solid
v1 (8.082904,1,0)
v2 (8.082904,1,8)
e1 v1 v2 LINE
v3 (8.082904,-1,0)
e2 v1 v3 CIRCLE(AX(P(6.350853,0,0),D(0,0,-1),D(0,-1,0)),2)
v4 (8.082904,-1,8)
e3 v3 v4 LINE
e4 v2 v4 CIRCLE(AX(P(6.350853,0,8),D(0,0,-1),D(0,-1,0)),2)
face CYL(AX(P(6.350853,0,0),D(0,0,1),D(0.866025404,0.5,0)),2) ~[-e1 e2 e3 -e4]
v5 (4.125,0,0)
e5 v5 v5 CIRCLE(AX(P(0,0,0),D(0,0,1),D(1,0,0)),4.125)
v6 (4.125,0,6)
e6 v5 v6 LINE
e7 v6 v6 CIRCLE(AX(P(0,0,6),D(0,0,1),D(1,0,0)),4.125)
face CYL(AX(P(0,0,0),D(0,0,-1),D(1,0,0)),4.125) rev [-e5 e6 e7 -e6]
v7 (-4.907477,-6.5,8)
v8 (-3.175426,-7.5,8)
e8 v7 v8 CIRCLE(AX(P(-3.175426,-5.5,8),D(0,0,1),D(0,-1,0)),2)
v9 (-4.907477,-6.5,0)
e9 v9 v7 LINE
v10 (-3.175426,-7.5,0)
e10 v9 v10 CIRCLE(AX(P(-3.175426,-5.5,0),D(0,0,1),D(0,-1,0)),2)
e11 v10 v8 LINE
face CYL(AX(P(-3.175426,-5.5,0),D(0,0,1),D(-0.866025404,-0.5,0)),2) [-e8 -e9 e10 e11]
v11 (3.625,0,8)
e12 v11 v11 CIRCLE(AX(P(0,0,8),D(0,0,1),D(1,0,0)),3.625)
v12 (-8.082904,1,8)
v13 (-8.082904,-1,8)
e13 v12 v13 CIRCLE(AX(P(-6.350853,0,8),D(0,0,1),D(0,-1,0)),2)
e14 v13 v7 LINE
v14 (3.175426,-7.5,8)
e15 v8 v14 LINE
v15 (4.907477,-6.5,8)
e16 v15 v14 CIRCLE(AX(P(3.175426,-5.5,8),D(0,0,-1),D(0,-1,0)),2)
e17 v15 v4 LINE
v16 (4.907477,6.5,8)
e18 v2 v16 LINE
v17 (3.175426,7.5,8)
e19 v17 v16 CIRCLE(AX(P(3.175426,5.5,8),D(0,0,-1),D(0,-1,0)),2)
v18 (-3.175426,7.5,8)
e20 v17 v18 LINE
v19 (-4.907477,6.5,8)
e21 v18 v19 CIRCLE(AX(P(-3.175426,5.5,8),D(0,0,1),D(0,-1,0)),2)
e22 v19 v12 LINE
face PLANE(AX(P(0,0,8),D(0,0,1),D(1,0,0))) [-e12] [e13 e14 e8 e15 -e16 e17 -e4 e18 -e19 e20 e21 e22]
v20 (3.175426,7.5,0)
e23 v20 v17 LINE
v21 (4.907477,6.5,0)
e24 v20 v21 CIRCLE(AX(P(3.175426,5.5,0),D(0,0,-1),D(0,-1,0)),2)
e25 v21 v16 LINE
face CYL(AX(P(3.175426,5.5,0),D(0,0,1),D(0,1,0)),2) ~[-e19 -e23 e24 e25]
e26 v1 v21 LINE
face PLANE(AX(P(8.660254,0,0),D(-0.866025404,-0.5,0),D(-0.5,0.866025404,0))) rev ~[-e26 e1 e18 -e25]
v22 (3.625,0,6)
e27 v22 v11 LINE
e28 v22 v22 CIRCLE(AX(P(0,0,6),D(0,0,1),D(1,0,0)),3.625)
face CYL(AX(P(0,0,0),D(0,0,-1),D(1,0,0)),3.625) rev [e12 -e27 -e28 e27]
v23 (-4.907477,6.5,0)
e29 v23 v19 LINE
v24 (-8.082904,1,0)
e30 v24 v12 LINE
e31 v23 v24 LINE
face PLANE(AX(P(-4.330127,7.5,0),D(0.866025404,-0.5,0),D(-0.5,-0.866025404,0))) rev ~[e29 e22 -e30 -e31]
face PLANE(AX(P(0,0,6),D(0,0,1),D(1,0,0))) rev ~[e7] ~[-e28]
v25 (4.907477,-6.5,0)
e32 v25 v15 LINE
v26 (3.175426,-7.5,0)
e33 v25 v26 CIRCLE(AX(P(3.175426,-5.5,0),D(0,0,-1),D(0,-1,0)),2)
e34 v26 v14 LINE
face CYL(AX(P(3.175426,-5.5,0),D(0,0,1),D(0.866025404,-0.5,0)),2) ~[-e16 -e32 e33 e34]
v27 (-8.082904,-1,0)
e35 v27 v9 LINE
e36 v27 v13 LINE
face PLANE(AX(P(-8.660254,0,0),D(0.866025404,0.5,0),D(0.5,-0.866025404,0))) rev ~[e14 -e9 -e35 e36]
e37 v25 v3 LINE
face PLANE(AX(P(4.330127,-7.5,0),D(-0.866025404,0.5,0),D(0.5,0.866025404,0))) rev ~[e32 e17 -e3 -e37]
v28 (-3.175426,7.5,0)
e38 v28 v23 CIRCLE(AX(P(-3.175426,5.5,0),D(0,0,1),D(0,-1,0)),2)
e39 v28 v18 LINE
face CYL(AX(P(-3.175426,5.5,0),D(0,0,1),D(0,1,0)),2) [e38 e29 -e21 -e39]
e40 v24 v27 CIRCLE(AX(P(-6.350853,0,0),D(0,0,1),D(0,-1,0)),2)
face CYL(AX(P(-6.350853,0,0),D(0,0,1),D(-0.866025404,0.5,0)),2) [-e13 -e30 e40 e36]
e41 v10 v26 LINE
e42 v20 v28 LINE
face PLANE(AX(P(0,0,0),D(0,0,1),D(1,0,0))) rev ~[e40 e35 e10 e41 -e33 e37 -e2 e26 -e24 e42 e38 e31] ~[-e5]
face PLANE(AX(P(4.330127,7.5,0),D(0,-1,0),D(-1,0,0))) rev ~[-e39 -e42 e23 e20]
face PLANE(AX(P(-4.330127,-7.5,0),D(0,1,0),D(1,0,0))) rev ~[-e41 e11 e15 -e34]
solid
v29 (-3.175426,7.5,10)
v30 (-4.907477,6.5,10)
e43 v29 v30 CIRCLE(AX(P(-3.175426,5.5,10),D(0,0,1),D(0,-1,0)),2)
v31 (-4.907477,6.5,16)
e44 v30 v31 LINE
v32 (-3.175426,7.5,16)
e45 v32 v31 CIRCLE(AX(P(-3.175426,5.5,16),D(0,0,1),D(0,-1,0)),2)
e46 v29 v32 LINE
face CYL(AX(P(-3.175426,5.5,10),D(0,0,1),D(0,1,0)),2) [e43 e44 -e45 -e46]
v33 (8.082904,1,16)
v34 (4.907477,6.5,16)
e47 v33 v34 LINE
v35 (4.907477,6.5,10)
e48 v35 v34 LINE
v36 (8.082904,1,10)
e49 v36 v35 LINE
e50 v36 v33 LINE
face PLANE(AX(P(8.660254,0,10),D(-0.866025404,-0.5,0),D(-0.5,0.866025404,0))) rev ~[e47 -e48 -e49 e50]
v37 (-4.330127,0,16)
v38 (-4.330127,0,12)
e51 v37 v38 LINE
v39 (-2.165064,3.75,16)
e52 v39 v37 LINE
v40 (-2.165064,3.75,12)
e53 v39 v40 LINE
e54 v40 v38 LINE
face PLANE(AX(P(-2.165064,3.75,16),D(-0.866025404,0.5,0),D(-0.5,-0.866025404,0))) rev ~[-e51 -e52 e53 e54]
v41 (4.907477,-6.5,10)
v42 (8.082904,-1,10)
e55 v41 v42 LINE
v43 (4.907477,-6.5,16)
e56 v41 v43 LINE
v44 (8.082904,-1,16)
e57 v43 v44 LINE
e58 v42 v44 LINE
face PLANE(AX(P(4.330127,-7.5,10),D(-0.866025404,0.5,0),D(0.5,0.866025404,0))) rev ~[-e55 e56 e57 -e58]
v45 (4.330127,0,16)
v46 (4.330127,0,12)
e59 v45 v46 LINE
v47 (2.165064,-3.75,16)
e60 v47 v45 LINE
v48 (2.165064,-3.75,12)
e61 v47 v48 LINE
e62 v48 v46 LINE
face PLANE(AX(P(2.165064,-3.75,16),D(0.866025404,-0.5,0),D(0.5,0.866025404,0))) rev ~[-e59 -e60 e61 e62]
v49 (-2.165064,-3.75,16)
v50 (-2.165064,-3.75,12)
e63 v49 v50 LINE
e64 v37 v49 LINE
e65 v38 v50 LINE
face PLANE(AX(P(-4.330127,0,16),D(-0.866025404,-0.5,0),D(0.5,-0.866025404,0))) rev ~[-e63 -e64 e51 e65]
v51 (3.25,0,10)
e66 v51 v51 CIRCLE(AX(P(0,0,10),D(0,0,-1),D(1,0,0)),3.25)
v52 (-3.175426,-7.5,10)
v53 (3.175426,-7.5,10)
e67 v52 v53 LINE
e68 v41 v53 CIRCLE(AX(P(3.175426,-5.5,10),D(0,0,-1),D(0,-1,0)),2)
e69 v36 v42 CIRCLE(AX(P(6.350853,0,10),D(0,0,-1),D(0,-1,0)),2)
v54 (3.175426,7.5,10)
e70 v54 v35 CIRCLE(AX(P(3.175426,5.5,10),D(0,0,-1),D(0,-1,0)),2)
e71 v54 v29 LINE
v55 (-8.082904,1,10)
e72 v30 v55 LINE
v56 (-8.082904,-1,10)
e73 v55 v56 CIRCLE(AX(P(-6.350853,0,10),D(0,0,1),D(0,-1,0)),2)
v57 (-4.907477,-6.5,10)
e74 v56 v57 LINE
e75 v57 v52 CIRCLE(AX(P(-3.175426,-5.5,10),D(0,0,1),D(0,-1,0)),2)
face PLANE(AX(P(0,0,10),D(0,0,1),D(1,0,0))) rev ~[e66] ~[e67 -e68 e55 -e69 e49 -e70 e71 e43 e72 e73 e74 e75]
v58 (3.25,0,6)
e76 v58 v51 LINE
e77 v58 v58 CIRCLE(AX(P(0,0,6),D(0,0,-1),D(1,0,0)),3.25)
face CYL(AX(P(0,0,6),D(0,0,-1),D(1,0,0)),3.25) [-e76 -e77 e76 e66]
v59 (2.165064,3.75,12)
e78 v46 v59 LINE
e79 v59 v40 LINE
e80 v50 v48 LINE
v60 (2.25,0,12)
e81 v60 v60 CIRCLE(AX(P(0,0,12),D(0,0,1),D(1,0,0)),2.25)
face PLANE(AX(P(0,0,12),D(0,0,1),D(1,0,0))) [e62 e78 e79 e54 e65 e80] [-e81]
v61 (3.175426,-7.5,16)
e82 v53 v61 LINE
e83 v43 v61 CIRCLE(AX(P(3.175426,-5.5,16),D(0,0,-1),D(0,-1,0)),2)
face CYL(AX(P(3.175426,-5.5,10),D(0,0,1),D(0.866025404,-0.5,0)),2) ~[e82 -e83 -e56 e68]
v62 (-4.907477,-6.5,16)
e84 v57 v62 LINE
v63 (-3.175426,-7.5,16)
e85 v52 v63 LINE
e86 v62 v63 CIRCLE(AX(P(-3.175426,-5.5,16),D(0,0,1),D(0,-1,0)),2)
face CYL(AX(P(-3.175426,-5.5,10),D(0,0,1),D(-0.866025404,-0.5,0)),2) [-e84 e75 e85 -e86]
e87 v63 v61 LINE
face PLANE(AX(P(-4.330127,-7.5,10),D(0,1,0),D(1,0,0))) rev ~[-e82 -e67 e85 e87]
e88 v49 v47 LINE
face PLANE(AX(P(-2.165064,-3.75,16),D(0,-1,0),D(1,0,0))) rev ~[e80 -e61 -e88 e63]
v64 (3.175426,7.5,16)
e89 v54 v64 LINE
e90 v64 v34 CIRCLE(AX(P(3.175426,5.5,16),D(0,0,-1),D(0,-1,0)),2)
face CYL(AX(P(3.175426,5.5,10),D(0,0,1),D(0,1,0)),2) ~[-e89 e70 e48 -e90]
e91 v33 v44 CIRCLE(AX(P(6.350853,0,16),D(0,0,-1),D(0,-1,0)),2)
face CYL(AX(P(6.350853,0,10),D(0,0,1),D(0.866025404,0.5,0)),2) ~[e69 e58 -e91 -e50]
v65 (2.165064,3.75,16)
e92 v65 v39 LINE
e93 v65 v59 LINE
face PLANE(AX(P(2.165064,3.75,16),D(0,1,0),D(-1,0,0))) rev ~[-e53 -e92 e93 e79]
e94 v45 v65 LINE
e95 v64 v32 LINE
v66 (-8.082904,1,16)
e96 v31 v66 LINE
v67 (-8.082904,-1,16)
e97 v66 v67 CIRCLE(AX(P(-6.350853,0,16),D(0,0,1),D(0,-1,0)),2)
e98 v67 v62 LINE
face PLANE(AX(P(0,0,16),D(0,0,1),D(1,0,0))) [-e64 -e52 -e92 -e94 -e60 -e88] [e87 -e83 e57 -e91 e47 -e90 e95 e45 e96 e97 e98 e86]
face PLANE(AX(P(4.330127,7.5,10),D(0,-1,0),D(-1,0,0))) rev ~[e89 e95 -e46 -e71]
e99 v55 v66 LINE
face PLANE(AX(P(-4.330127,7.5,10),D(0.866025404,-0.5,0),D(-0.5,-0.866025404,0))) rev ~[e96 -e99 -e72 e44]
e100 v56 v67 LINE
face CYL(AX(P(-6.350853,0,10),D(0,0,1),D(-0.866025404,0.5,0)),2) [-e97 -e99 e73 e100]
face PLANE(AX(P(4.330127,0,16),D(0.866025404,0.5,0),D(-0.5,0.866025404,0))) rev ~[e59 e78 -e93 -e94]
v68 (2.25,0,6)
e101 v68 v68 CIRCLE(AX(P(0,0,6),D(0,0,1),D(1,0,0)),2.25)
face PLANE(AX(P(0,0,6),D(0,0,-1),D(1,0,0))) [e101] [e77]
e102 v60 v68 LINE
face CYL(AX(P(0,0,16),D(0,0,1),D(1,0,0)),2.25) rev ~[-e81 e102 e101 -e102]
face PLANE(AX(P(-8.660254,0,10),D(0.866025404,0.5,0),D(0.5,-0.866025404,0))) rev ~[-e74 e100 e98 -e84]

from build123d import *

# Parameters (mm, degrees)
F0_R     = 4.125
F0_R_2   = 3.625
F1_DEPTH = 8
F2_DEPTH = 6
F3_R     = 3.25
F4_DEPTH = 4
F5_R     = 3.25
F6_DEPTH = 6
F7_R     = 2.25
F8_DEPTH = 16.001
F9_DEPTH = 4
F10_R    = 2
F10_2_R  = 2


with BuildPart() as f1:
    # F0 (on Top) → F1 (new body)
    with BuildSketch(Plane.XY):
        Polygon((4.3301270189, 7.5), (-4.3301270189, 7.5), (-8.6602540378, 0), (-4.3301270189, -7.5), (4.3301270189, -7.5), (8.6602540378, 0), align=None)
        Circle(F0_R, mode=Mode.SUBTRACT)
        Circle(F0_R)
        Circle(F0_R_2, mode=Mode.SUBTRACT)
    extrude(amount=F1_DEPTH)

    # F0 (on Top) → F2 (cut)
    with BuildSketch(Plane.XY):
        Circle(F0_R)
        Circle(F0_R_2, mode=Mode.SUBTRACT)
    extrude(amount=F2_DEPTH, mode=Mode.SUBTRACT)

    # F10
    f10_edges = [f1.edges().sort_by_distance(p)[0] for p in [
        (-8.660254, 0, 4),
        (-4.330127, 7.5, 4),
        (-4.330127, -7.5, 4),
        (4.330127, -7.5, 4),
        (8.660254, 0, 4),
        (4.330127, 7.5, 4),
    ]]
    fillet(f10_edges, radius=F10_R)


with BuildPart() as f4:
    # F3 (on face) → F4 (new body)
    with BuildSketch(Plane(origin=(0, 0, 6), x_dir=(1, 0, 0), z_dir=(0, 0, -1))):
        Circle(F3_R)
    extrude(amount=-F4_DEPTH)

    # F5 (on face) → F6 (join)
    with BuildSketch(Plane.XY.offset(10)):
        Polygon((4.3301270189, 7.5), (-4.3301270189, 7.5), (-8.6602540378, 0), (-4.3301270189, -7.5), (4.3301270189, -7.5), (8.6602540378, 0), align=None)
        Circle(F5_R, mode=Mode.SUBTRACT)
        Circle(F5_R)
    extrude(amount=F6_DEPTH)

    # F7 (on face) → F8 (cut, through all)
    with BuildSketch(Plane.XY.offset(16)):
        Circle(F7_R)
    extrude(amount=-F8_DEPTH, mode=Mode.SUBTRACT)

    # F7 (on face) → F9 (cut)
    with BuildSketch(Plane.XY.offset(16)):
        Polygon((2.1650635095, 3.75), (-2.1650635095, 3.75), (-4.3301270189, 0), (-2.1650635095, -3.75), (2.1650635095, -3.75), (4.3301270189, 0), align=None)
        Circle(F7_R, mode=Mode.SUBTRACT)
    extrude(amount=-F9_DEPTH, mode=Mode.SUBTRACT)

    # F10#2
    f10_2_edges = [f4.edges().sort_by_distance(p)[0] for p in [
        (-8.660254, 0, 13),
        (-4.330127, 7.5, 13),
        (-4.330127, -7.5, 13),
        (4.330127, 7.5, 13),
        (8.660254, 0, 13),
        (4.330127, -7.5, 13),
    ]]
    fillet(f10_2_edges, radius=F10_2_R)


solid = Compound([f1.part, f4.part])
